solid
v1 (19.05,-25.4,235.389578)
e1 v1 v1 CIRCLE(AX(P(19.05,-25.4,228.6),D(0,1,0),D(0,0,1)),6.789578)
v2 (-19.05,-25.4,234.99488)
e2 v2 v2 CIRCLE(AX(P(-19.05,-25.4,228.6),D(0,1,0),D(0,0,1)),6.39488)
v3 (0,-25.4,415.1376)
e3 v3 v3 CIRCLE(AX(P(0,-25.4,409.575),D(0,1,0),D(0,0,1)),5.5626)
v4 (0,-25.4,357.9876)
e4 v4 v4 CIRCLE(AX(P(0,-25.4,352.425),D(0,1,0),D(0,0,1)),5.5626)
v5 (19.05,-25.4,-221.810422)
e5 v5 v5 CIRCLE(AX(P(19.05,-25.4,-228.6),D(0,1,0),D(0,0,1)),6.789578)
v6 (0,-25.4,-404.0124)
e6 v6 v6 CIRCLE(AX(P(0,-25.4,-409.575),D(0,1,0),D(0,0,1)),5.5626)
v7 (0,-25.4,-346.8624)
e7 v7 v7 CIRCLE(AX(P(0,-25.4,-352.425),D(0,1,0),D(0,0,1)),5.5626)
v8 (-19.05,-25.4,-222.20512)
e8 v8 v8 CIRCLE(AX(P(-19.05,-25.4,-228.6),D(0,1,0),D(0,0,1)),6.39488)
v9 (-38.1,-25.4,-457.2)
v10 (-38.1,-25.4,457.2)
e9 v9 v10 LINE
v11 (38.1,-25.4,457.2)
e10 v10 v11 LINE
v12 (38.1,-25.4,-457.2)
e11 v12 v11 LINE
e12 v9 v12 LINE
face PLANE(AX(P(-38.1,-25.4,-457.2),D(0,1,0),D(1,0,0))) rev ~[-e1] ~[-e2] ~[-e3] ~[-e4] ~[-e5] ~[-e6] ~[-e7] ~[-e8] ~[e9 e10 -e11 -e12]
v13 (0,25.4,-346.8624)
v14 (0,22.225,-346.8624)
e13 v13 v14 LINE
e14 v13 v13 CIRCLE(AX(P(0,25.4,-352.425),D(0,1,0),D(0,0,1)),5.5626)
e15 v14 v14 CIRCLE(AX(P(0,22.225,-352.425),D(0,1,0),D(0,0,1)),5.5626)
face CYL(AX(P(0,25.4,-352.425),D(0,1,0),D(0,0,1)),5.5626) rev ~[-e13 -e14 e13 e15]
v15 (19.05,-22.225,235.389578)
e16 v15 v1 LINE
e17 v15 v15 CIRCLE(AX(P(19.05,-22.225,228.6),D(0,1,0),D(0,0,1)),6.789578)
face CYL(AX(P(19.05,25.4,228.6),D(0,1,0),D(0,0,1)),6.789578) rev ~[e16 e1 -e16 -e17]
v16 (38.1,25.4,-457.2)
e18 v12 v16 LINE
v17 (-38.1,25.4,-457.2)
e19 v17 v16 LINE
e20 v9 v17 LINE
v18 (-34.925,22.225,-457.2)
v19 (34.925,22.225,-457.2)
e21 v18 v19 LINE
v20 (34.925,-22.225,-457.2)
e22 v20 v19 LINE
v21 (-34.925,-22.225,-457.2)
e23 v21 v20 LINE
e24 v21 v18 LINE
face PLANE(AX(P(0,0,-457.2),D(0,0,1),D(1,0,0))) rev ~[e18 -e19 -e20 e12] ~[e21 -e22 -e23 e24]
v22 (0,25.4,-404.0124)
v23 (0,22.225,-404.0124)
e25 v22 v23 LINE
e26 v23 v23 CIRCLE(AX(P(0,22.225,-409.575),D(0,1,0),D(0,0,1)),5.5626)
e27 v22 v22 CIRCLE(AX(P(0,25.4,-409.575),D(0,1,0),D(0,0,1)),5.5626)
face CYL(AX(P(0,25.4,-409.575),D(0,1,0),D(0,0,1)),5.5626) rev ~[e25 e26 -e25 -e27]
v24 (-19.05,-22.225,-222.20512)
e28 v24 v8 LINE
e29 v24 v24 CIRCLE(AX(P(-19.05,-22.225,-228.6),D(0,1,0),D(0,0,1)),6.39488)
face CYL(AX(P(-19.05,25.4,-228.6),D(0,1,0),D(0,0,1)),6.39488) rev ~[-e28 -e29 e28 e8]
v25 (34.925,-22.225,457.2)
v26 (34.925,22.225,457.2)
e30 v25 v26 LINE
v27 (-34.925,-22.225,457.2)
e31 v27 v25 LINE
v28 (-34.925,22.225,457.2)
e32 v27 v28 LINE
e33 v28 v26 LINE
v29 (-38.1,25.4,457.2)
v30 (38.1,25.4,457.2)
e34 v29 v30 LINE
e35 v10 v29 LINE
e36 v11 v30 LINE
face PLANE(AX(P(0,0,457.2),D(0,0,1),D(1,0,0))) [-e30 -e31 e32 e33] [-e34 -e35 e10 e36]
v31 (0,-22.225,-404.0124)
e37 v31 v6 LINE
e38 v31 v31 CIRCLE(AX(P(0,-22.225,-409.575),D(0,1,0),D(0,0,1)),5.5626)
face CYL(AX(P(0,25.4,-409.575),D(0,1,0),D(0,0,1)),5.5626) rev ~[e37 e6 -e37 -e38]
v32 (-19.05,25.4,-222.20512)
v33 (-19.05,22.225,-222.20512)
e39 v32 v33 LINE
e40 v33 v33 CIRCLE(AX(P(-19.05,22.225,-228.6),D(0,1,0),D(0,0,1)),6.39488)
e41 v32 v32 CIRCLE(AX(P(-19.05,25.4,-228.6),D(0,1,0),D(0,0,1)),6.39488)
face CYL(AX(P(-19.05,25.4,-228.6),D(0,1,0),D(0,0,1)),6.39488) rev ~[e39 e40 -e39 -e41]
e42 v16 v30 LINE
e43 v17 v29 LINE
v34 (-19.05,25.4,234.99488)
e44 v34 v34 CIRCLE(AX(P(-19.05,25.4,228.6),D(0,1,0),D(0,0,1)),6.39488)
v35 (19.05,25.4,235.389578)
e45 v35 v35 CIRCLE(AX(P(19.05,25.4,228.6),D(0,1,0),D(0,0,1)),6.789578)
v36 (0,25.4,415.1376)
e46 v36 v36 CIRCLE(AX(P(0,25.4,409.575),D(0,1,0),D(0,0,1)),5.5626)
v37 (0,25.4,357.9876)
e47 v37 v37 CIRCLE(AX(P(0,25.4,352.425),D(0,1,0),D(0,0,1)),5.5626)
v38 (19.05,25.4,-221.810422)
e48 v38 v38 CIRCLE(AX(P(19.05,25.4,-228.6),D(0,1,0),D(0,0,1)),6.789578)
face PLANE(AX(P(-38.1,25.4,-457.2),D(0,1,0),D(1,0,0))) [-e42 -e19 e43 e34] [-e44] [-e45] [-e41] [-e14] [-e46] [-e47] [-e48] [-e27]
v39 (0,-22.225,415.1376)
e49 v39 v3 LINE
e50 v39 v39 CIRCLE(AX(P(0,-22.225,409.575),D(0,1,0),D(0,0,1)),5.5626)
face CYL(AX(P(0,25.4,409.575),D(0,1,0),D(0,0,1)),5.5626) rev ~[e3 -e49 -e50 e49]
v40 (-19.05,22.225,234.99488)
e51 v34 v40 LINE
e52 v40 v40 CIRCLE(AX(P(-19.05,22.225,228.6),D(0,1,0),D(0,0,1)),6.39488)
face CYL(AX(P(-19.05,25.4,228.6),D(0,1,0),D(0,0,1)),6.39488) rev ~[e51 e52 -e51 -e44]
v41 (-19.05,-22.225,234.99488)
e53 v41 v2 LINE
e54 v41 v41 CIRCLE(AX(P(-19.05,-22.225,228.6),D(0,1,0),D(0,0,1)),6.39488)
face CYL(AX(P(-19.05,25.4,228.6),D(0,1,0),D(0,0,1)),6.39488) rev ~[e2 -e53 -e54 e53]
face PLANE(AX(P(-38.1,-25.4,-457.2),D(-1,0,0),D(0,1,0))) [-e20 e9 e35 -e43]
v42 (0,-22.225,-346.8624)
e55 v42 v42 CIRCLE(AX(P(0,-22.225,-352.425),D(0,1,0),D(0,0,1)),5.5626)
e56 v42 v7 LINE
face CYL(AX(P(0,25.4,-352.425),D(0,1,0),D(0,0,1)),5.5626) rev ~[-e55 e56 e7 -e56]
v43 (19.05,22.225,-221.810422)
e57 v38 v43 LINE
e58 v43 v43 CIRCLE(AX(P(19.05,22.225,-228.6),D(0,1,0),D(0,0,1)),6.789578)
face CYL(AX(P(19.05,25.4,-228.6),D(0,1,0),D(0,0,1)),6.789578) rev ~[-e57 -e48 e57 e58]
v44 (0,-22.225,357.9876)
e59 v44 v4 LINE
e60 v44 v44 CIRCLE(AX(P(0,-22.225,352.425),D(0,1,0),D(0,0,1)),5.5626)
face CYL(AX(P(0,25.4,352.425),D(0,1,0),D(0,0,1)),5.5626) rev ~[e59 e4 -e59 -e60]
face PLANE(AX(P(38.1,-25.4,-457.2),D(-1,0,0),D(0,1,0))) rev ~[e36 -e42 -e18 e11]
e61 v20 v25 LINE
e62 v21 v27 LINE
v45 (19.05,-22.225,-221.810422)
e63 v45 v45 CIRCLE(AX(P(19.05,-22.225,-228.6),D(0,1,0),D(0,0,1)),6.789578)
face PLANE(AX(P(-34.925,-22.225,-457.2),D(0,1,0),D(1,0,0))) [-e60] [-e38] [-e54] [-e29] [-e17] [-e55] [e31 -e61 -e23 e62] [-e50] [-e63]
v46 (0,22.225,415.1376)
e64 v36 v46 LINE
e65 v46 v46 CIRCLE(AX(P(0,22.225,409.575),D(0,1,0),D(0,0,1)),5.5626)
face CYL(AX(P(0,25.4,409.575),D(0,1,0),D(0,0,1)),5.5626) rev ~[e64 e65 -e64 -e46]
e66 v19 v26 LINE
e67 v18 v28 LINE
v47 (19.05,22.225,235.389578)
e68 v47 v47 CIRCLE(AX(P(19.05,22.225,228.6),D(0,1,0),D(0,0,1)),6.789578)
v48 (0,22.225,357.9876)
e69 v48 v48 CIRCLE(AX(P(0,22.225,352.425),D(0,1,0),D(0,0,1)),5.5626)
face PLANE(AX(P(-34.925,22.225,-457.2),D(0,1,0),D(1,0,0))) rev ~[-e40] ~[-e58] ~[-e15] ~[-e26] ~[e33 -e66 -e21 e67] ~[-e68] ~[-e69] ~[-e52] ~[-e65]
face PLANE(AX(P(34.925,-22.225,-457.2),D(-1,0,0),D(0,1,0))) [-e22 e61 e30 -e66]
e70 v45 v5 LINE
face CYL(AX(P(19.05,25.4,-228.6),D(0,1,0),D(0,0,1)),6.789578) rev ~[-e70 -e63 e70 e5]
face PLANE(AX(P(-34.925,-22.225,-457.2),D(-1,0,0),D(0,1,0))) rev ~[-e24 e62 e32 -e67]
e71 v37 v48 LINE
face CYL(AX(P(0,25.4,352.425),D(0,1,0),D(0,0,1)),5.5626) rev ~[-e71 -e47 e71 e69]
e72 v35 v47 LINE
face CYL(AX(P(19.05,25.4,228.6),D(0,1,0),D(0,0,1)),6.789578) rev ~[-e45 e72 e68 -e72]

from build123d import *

# Parameters (mm, degrees)
BOSS_EXTRUDE1_DEPTH      = 457.2
BOSS_EXTRUDE1_DEPTH_BACK = 457.2
SKETCH3_W                = 76.2
SKETCH3_H                = 50.8
SKETCH3_W_2              = 69.85
SKETCH3_H_2              = 44.45
SKETCH6_R                = 6.394880264
SKETCH6_R_2              = 6.789577508
SKETCH6_R_3              = 5.5626
CUT_EXTRUDE1_DEPTH       = 462.588658873


with BuildPart() as part:
    # Sketch3 → Boss-Extrude1 (new, two sides: drawn at the far end of the back side and taken through both)
    with BuildSketch(Plane.XY.offset(-BOSS_EXTRUDE1_DEPTH_BACK)):
        Rectangle(SKETCH3_W, SKETCH3_H)
        Rectangle(SKETCH3_W_2, SKETCH3_H_2, mode=Mode.SUBTRACT)
    extrude(amount=BOSS_EXTRUDE1_DEPTH + BOSS_EXTRUDE1_DEPTH_BACK)

    # Sketch6 → Cut-Extrude1 (cut, through all)
    with BuildSketch(Plane(origin=(0, 25.4, 0), x_dir=(1, 0, 0), z_dir=(0, 1, 0))):
        with Locations(Location((-19.05, -228.6, 0), (0, 0, 270))):
            Circle(SKETCH6_R)
        with Locations(Location((19.05, -228.6, 0), (0, 0, 270))):
            Circle(SKETCH6_R_2)
        with Locations(Location((19.05, 228.6, 0), (0, 0, 270))):
            Circle(SKETCH6_R_2)
        with Locations(Location((-19.05, 228.6, 0), (0, 0, 270))):
            Circle(SKETCH6_R)
        with Locations(Location((0, -352.425, 0), (0, 0, 270))):
            Circle(SKETCH6_R_3)
        with Locations(Location((0, -409.575, 0), (0, 0, 270))):
            Circle(SKETCH6_R_3)
        with Locations(Location((0, 409.575, 0), (0, 0, 270))):
            Circle(SKETCH6_R_3)
        with Locations(Location((0, 352.425, 0), (0, 0, 270))):
            Circle(SKETCH6_R_3)
    extrude(amount=-CUT_EXTRUDE1_DEPTH, mode=Mode.SUBTRACT)


solid = part.part
